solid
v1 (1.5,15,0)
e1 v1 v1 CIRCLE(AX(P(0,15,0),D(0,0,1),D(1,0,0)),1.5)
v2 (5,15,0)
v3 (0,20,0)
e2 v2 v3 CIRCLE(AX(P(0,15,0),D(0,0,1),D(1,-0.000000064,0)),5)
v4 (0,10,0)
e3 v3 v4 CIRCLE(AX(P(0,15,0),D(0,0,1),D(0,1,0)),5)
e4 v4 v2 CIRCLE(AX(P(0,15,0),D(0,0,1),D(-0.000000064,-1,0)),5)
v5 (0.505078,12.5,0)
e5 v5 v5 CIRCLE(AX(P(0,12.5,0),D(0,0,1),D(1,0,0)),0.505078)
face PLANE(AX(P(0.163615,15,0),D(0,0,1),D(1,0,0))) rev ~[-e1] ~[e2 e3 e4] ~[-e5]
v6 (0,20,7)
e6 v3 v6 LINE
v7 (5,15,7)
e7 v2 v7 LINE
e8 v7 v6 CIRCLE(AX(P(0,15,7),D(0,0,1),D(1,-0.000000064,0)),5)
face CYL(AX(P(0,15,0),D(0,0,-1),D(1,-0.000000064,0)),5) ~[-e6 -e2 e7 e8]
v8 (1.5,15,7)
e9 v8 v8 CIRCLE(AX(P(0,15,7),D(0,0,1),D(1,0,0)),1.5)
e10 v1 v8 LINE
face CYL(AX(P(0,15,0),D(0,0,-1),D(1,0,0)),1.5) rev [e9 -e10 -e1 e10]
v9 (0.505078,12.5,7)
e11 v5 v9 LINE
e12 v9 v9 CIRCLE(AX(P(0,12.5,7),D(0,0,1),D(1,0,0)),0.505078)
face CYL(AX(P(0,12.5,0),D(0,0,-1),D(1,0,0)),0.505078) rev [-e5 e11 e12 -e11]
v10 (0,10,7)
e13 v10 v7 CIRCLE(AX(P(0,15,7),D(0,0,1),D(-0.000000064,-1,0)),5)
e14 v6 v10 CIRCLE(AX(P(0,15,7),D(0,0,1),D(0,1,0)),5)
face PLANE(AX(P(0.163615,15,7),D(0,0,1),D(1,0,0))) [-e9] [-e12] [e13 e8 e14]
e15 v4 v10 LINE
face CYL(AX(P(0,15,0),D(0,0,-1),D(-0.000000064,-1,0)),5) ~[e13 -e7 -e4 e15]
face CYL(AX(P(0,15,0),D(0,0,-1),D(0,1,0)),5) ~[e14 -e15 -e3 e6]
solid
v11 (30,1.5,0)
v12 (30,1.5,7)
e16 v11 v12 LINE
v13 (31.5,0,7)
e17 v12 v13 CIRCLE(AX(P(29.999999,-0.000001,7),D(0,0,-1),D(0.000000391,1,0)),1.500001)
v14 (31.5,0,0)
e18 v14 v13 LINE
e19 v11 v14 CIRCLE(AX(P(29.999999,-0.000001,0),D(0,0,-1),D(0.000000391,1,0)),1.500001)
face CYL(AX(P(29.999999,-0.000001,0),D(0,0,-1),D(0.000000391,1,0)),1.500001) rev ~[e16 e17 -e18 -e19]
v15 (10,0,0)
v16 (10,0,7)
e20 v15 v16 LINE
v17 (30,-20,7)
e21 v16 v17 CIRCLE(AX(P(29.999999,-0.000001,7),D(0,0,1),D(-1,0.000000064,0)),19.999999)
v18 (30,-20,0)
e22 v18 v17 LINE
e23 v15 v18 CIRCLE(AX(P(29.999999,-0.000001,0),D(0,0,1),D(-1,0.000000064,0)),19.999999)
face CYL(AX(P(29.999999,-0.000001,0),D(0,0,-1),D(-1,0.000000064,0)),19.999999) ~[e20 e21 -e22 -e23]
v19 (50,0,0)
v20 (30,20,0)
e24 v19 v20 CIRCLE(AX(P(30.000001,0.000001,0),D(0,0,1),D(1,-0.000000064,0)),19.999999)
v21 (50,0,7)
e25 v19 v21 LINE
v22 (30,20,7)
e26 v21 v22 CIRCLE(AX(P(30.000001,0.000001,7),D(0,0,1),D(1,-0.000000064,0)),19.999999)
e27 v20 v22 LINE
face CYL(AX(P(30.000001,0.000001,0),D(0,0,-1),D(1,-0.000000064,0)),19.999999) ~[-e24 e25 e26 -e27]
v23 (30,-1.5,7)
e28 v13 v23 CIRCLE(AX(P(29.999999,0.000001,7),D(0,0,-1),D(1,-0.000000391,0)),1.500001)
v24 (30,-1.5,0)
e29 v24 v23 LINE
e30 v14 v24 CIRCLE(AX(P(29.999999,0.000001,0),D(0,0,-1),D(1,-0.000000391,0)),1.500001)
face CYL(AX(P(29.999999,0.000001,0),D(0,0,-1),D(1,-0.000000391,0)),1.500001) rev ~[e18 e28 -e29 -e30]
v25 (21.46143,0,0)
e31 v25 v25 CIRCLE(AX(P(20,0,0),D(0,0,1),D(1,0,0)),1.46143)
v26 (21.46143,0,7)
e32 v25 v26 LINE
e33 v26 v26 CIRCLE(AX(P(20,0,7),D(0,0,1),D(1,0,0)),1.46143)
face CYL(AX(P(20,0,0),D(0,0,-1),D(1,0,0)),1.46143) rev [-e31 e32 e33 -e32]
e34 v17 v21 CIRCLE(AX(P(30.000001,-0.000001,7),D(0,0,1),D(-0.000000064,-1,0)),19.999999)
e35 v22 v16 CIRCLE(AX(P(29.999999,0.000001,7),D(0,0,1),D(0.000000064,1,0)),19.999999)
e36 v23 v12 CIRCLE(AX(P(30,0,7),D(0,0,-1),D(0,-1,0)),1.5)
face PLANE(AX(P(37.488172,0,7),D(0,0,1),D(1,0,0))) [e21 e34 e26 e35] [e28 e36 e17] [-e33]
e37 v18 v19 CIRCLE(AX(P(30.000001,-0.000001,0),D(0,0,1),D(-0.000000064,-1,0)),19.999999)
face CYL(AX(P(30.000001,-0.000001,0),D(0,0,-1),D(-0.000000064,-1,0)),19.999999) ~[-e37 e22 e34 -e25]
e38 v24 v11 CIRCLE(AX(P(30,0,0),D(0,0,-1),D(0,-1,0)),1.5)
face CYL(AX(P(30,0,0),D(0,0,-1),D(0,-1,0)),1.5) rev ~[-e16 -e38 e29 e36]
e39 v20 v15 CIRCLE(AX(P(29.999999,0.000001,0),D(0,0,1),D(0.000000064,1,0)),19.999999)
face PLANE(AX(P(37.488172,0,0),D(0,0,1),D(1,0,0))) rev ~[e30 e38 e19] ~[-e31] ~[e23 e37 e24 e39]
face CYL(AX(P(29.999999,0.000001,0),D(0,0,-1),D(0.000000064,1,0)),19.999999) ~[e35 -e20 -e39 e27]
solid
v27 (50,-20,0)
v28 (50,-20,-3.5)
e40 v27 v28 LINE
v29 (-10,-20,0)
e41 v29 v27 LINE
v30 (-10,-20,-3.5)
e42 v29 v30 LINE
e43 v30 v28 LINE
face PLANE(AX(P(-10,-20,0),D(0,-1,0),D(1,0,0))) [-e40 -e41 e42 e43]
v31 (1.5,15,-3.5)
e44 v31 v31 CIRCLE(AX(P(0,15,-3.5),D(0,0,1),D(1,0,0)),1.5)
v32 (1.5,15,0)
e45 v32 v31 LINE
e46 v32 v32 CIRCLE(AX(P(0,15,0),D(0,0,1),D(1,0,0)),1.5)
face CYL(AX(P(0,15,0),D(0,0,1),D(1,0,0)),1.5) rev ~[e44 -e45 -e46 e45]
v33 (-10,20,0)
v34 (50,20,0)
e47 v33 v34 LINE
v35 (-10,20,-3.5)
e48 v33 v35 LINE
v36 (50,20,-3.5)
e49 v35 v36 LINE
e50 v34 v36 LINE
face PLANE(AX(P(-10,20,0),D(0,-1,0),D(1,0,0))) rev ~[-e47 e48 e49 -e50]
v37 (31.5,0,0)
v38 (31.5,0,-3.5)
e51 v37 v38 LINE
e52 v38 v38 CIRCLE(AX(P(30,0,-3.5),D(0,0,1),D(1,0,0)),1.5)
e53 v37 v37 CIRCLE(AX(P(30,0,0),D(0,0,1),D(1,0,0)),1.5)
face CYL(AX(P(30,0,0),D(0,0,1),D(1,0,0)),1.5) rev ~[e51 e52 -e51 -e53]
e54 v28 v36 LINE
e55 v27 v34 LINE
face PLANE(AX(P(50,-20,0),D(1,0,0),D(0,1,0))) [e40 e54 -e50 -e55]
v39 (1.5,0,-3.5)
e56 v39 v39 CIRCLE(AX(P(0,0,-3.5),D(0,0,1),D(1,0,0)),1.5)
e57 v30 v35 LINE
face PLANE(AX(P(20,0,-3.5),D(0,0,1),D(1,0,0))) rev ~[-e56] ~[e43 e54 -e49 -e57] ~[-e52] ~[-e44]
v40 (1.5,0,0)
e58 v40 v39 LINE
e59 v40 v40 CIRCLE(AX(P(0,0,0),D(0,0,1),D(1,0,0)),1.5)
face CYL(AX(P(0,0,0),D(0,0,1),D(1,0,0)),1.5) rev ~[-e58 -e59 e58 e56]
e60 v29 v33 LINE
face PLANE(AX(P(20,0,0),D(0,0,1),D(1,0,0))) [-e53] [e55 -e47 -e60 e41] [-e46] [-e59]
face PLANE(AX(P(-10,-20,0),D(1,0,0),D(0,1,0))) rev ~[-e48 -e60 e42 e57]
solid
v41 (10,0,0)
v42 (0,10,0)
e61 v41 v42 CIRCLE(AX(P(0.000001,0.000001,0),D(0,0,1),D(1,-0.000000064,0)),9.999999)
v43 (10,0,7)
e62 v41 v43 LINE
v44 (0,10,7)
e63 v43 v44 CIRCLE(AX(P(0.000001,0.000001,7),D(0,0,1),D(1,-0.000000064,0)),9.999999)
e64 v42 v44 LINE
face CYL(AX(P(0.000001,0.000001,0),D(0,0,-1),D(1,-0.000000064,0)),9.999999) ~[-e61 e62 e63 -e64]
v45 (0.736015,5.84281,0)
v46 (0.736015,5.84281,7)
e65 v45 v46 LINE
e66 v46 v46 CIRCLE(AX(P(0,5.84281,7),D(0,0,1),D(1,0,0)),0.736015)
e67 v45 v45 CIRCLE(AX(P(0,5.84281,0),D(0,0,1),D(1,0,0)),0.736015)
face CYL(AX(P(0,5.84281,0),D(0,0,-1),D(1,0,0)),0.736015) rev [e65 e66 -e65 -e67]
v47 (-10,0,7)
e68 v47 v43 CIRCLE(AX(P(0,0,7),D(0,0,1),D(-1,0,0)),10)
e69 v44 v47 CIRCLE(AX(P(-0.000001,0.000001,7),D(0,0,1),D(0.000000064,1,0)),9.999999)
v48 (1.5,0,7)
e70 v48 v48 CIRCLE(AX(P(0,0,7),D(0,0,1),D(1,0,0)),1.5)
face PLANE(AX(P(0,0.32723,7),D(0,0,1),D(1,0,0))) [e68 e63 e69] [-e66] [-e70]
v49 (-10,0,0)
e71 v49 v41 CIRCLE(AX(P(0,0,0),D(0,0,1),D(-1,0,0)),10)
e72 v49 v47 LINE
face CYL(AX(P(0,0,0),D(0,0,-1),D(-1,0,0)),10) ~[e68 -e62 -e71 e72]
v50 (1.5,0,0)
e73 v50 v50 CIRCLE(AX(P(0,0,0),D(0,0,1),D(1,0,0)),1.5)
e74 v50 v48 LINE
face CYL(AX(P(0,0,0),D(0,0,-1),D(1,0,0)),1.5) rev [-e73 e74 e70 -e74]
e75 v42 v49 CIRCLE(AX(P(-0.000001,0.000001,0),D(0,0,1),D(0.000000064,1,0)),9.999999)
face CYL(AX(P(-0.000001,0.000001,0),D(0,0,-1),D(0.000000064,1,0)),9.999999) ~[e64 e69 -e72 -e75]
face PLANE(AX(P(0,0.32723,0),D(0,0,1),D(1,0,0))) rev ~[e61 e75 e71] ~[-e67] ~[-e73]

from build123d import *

# Parameters (mm, degrees)
F0_R     = 1.46143
F1_DEPTH = 7
F0_R_2   = 1.5
F0_R_3   = 0.736015
F2_DEPTH = 7
F0_R_4   = 0.505078
F3_DEPTH = 7
F4_W     = 60
F4_H     = 40
F4_R     = 1.5
F5_DEPTH = 3.5


with BuildPart() as f1:
    # F0 (on Top) → F1 (new body)
    with BuildSketch(Plane.XY):
        with BuildLine():
            ThreePointArc((50, 0), (44.142136, 14.142136), (30, 20))
            Line((30, 20), (30, 1.5))
            ThreePointArc((30, 1.5), (31.06066, 1.06066), (31.5, 0))
            ThreePointArc((31.5, 0), (31.06066, -1.06066), (30, -1.5))
            Line((30, -1.5), (30, -20))
            ThreePointArc((30, -20), (44.142136, -14.142136), (50, 0))
        make_face()
        with BuildLine():
            Line((30, 1.5), (30, 20))
            ThreePointArc((30, 20), (15.857864, 14.142136), (10, 0))
            ThreePointArc((10, 0), (15.857864, -14.142136), (30, -20))
            Line((30, -20), (30, -1.5))
            ThreePointArc((30, -1.5), (28.5, 0), (30, 1.5))
        make_face()
        with Locations((20, 0)):
            Circle(F0_R, mode=Mode.SUBTRACT)
    extrude(amount=F1_DEPTH)


with BuildPart() as f2:
    # F0 (on Top) → F2 (new body)
    with BuildSketch(Plane.XY):
        with BuildLine():
            ThreePointArc((-10, 0), (0, -10), (10, 0))
            ThreePointArc((10, 0), (7.071068, 7.071068), (0, 10))
            ThreePointArc((0, 10), (-7.071068, 7.071068), (-10, 0))
        make_face()
        Circle(F0_R_2, mode=Mode.SUBTRACT)
        with Locations((0, 5.84281)):
            Circle(F0_R_3, mode=Mode.SUBTRACT)
    extrude(amount=F2_DEPTH)


with BuildPart() as f3:
    # F0 (on Top) → F3 (new body)
    with BuildSketch(Plane.XY):
        with BuildLine():
            ThreePointArc((5, 15), (3.535534, 18.535534), (0, 20))
            ThreePointArc((0, 20), (-5, 15), (0, 10))
            ThreePointArc((0, 10), (3.535534, 11.464466), (5, 15))
        make_face()
        with Locations((0, 12.5)):
            Circle(F0_R_4, mode=Mode.SUBTRACT)
        with Locations((0, 15)):
            Circle(F0_R_2, mode=Mode.SUBTRACT)
    extrude(amount=F3_DEPTH)


with BuildPart() as f5:
    # F4 (on Top) → F5 (new body)
    with BuildSketch(Plane.XY):
        with Locations((20, 0)):
            Rectangle(F4_W, F4_H)
        Circle(F4_R, mode=Mode.SUBTRACT)
        with Locations((0, 15)):
            Circle(F4_R, mode=Mode.SUBTRACT)
        with Locations((30, 0)):
            Circle(F4_R, mode=Mode.SUBTRACT)
    extrude(amount=-F5_DEPTH)


solid = Compound([f1.part, f2.part, f3.part, f5.part])
